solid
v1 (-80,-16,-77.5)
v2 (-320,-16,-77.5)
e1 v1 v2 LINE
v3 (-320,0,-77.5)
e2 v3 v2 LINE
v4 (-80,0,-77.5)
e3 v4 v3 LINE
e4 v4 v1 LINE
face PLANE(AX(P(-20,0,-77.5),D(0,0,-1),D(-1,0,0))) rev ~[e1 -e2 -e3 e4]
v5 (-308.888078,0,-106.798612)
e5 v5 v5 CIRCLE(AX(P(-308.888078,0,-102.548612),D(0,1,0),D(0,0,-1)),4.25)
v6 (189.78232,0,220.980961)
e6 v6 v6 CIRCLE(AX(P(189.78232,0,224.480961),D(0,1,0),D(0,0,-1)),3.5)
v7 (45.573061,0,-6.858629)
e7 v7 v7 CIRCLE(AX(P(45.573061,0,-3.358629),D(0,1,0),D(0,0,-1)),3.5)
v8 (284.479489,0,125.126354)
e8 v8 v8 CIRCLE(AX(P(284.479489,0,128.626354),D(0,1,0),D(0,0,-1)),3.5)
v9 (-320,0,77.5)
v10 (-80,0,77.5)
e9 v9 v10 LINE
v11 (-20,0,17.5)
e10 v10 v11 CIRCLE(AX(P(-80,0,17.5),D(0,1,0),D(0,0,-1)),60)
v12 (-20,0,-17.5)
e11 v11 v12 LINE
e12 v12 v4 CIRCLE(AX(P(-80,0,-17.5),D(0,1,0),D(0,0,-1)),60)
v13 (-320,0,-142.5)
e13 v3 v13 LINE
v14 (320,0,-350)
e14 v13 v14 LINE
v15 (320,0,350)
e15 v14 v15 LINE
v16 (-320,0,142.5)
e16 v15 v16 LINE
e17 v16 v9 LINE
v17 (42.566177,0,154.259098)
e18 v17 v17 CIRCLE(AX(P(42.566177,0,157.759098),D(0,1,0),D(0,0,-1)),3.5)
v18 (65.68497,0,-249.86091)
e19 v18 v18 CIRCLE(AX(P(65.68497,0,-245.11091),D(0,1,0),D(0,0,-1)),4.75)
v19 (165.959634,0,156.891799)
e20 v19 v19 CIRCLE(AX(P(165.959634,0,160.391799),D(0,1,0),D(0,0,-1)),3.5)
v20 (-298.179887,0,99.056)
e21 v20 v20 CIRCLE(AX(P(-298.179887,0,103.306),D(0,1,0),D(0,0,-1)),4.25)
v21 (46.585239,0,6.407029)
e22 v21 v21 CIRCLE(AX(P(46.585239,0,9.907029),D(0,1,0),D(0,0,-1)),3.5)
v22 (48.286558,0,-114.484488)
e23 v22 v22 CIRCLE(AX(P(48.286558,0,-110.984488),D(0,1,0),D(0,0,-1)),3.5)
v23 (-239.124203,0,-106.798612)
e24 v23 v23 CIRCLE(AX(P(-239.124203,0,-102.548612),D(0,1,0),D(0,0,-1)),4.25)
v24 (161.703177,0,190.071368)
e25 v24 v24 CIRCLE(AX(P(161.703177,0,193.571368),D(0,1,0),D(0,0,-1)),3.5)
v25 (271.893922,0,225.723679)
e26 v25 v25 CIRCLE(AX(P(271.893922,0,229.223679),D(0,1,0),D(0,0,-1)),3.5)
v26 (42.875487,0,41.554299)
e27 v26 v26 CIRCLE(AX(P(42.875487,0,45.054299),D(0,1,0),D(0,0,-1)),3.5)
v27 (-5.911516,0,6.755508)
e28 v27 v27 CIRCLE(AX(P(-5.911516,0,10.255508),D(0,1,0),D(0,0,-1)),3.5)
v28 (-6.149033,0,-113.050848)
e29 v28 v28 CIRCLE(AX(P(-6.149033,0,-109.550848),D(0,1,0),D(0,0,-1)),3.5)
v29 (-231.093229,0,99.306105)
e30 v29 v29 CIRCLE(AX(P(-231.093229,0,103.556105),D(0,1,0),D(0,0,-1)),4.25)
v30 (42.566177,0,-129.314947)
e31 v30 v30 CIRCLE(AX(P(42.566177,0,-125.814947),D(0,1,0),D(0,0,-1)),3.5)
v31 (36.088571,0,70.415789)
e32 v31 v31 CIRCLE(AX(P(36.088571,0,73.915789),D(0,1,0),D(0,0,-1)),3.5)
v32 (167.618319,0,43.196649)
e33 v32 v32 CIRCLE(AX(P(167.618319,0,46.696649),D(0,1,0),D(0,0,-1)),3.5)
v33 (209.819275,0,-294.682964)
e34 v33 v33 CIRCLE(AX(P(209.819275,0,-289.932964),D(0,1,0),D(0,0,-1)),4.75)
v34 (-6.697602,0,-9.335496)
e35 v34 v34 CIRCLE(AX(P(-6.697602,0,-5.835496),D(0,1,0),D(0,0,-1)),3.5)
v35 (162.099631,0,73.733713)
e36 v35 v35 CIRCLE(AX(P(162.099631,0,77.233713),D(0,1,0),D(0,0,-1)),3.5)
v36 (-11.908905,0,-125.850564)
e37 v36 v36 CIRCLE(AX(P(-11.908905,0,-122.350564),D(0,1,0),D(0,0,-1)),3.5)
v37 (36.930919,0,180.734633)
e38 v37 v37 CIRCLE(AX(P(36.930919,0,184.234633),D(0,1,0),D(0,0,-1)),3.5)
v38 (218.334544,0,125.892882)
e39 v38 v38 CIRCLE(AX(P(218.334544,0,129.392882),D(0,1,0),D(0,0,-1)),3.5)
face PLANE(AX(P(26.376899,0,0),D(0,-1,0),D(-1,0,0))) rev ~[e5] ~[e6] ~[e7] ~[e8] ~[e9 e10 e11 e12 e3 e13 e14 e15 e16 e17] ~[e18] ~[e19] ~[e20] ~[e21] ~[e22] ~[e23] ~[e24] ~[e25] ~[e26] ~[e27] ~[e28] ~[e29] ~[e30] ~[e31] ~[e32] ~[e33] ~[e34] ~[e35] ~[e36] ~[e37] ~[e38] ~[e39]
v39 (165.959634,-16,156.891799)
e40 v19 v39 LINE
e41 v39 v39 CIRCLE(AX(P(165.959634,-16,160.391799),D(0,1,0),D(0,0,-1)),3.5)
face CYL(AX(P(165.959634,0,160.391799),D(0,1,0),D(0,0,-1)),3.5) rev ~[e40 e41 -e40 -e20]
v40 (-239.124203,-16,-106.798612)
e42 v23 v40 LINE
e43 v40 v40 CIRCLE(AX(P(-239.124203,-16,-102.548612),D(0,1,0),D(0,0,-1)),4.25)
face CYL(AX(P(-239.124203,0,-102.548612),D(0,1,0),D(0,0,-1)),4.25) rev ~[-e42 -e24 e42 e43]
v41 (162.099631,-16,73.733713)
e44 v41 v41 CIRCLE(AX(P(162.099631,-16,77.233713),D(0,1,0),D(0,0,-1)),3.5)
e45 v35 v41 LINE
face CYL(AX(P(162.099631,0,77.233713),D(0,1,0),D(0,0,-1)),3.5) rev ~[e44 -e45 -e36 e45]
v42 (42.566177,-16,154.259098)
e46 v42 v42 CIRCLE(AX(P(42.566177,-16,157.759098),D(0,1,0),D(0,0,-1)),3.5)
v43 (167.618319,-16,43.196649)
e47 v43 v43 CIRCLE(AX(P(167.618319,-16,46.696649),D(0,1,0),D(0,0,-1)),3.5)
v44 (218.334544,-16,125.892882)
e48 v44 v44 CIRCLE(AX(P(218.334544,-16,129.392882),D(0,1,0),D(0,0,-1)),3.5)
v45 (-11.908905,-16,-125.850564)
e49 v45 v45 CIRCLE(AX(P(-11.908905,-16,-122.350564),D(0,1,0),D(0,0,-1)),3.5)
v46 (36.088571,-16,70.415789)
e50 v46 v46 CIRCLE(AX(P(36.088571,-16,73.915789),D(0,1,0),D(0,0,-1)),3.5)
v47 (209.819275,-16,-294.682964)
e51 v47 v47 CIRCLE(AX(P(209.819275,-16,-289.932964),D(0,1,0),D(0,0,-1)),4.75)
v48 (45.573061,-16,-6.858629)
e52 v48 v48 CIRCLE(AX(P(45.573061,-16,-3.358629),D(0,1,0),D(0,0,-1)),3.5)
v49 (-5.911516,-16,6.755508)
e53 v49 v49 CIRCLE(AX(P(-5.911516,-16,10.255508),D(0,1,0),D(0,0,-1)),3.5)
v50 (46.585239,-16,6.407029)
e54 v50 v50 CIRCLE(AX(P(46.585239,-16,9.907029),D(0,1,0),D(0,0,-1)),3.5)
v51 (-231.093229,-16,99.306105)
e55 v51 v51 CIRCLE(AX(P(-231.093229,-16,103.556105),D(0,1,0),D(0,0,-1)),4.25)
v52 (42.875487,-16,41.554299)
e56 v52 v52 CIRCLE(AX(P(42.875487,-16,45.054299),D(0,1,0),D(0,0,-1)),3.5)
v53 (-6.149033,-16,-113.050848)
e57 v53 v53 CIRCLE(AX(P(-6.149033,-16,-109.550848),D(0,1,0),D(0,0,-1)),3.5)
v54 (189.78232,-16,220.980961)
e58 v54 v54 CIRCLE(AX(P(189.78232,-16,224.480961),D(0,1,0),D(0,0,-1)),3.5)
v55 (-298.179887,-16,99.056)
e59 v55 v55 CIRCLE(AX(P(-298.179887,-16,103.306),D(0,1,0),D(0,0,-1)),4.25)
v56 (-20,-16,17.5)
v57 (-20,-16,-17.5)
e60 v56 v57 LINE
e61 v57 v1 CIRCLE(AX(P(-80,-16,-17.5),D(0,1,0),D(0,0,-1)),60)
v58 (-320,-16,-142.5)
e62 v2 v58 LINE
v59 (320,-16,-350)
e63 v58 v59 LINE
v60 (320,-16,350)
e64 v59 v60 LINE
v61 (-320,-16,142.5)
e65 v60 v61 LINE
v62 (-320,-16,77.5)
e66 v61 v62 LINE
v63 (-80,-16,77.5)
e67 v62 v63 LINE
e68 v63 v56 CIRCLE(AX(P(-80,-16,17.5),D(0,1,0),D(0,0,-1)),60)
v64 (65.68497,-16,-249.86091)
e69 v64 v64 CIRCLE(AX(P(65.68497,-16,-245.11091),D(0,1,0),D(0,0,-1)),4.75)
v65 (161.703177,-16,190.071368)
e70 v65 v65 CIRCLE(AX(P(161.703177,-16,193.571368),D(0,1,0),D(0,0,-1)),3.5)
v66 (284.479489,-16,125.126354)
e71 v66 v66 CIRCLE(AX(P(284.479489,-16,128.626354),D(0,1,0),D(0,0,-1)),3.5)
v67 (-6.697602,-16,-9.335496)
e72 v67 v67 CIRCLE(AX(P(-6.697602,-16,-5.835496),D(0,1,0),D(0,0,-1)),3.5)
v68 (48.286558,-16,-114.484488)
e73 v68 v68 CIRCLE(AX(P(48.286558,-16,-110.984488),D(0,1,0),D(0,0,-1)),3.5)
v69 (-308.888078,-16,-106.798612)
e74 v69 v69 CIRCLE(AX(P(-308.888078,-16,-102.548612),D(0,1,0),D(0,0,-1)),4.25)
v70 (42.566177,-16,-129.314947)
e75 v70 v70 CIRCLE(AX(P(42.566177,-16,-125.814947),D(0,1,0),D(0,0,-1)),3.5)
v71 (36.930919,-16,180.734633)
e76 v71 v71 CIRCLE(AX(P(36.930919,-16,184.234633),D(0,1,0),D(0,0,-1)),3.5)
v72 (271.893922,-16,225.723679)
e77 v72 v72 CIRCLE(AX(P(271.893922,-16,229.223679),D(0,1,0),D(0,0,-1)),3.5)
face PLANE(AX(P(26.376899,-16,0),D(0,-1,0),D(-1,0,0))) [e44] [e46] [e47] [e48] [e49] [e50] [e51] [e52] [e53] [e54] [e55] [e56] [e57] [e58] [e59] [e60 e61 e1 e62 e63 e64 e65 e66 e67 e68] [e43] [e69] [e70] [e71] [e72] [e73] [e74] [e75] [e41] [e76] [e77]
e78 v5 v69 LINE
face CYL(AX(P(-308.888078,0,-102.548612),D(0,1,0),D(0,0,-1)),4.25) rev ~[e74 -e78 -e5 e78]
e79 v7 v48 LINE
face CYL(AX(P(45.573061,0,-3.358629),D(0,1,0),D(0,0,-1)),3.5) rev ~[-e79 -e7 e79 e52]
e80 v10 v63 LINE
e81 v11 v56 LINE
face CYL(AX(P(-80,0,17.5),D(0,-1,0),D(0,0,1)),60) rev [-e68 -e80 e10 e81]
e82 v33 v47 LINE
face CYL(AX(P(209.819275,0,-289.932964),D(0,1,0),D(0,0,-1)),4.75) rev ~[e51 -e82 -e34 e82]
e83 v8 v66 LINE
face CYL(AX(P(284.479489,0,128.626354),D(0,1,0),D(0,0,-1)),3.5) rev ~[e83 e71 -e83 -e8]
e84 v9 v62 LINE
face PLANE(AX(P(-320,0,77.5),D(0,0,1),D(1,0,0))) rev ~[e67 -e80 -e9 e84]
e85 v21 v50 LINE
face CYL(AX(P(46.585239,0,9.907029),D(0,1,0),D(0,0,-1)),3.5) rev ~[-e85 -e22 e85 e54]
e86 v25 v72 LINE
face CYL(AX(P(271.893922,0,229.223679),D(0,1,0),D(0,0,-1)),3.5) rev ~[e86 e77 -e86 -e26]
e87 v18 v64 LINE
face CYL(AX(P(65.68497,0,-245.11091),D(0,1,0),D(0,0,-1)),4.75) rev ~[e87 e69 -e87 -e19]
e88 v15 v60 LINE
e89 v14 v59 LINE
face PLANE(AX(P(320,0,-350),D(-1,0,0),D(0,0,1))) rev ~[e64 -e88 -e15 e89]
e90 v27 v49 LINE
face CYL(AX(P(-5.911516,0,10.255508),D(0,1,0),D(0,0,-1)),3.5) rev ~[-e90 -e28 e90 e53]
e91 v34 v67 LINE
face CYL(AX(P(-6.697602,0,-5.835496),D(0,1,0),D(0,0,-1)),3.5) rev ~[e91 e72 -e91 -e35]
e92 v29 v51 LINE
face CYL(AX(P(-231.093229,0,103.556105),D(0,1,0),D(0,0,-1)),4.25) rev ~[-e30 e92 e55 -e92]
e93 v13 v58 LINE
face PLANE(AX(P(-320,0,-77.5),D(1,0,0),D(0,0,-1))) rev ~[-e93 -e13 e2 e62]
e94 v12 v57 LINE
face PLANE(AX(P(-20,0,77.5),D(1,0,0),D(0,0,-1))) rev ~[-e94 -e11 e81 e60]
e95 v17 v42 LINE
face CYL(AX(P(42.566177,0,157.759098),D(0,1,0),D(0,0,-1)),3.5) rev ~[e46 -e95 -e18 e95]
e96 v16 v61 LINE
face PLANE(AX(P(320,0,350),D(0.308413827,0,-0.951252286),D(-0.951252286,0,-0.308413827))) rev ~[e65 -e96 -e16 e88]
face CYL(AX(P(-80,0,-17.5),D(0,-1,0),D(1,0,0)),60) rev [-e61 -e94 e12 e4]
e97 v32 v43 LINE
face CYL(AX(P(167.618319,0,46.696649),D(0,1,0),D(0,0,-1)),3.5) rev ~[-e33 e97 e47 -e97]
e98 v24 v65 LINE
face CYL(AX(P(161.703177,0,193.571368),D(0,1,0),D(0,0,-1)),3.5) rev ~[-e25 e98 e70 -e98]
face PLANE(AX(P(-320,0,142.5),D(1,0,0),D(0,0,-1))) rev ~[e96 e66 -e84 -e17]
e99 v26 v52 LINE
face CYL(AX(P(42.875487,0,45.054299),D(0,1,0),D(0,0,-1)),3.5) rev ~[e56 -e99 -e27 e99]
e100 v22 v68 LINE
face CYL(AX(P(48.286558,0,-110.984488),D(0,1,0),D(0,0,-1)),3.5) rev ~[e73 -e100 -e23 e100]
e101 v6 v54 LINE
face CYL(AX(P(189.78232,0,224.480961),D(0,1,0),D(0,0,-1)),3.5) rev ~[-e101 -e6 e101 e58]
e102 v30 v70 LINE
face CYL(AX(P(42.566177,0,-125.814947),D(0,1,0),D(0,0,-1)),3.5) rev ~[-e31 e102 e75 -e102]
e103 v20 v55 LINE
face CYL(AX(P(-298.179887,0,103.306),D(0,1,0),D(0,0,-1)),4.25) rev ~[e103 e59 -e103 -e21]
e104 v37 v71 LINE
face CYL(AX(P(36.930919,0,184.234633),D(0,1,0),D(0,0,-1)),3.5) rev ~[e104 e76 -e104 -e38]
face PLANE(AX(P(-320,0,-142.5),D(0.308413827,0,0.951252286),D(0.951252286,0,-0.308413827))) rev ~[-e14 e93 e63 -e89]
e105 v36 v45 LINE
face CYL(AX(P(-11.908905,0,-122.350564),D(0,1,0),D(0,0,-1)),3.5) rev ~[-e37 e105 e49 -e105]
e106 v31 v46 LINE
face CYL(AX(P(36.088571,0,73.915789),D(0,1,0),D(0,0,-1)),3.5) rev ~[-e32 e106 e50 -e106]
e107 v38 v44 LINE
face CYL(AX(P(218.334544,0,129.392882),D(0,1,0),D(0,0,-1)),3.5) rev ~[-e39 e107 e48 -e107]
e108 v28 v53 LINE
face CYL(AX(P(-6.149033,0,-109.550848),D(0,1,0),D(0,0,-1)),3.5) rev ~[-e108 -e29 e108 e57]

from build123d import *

# Parameters (mm, degrees)
BOSS_EXTRUDE1_DEPTH = 16
FILLET1_R           = 60
SKETCH3_R           = 3.5
SKETCH3_R_2         = 4.25
SKETCH3_R_3         = 4.75
CUT_EXTRUDE1_DEPTH  = 475.506058971


with BuildPart() as part:
    # Sketch2 → Boss-Extrude1 (new body)
    with BuildSketch(Plane(origin=(0, 0, 0), x_dir=(1, 0, 0), z_dir=(0, 1, 0))):
        Polygon((-320, 142.5), (320, 350), (320, -350), (-320, -142.5), (-320, -77.5), (-20, -77.5), (-20, 77.5), (-320, 77.5), align=None)
    extrude(amount=-BOSS_EXTRUDE1_DEPTH)

    # Fillet1
    fillet1_edges = [part.edges().sort_by_distance(p)[0] for p in [
        (-20, -8, 77.5),
        (-20, -8, -77.5),
    ]]
    fillet(fillet1_edges, radius=FILLET1_R)

    # Sketch3 → Cut-Extrude1 (cut, through all)
    with BuildSketch(Plane(origin=(0, 0, 0), x_dir=(1, 0, 0), z_dir=(0, 1, 0))):
        with Locations(Location((45.573061117, 3.35862906, 0), (0, 0, 90))):
            Circle(SKETCH3_R)
        with Locations(Location((-231.09322879, -103.556104562, 0), (0, 0, 90))):
            Circle(SKETCH3_R_2)
        with Locations(Location((-298.17988721, -103.306000096, 0), (0, 0, 90))):
            Circle(SKETCH3_R_2)
        with Locations(Location((42.566176502, -157.759098005, 0), (0, 0, 90))):
            Circle(SKETCH3_R)
        with Locations(Location((36.930918819, -184.234632929, 0), (0, 0, 90))):
            Circle(SKETCH3_R)
        with Locations(Location((271.893921884, -229.22367877, 0), (0, 0, 90))):
            Circle(SKETCH3_R)
        with Locations(Location((189.782320405, -224.480960591, 0), (0, 0, 90))):
            Circle(SKETCH3_R)
        with Locations(Location((161.703177467, -193.571367621, 0), (0, 0, 90))):
            Circle(SKETCH3_R)
        with Locations(Location((165.959633732, -160.391798843, 0), (0, 0, 90))):
            Circle(SKETCH3_R)
        with Locations(Location((218.334544159, -129.392881806, 0), (0, 0, 90))):
            Circle(SKETCH3_R)
        with Locations(Location((284.479489307, -128.626354194, 0), (0, 0, 90))):
            Circle(SKETCH3_R)
        with Locations(Location((167.618318747, -46.69664923, 0), (0, 0, 90))):
            Circle(SKETCH3_R)
        with Locations(Location((162.099631238, -77.233713281, 0), (0, 0, 90))):
            Circle(SKETCH3_R)
        with Locations(Location((36.088570732, -73.915788734, 0), (0, 0, 90))):
            Circle(SKETCH3_R)
        with Locations(Location((42.875486949, -45.054299224, 0), (0, 0, 90))):
            Circle(SKETCH3_R)
        with Locations(Location((46.585239341, -9.907029228, 0), (0, 0, 90))):
            Circle(SKETCH3_R)
        with Locations(Location((-5.911515538, -10.255507999, 0), (0, 0, 90))):
            Circle(SKETCH3_R)
        with Locations(Location((65.684970424, 245.110909603, 0), (0, 0, 90))):
            Circle(SKETCH3_R_3)
        with Locations(Location((209.819274537, 289.932963664, 0), (0, 0, 90))):
            Circle(SKETCH3_R_3)
        with Locations(Location((-239.124203173, 102.548612385, 0), (0, 0, 90))):
            Circle(SKETCH3_R_2)
        with Locations(Location((-308.888078303, 102.548612385, 0), (0, 0, 90))):
            Circle(SKETCH3_R_2)
        with Locations(Location((42.566176502, 125.814947371, 0), (0, 0, 90))):
            Circle(SKETCH3_R)
        with Locations(Location((-11.908905398, 122.350563935, 0), (0, 0, 90))):
            Circle(SKETCH3_R)
        with Locations(Location((48.286557876, 110.984487849, 0), (0, 0, 90))):
            Circle(SKETCH3_R)
        with Locations(Location((-6.149033448, 109.550848491, 0), (0, 0, 90))):
            Circle(SKETCH3_R)
        with Locations(Location((-6.697602275, 5.835495982, 0), (0, 0, 90))):
            Circle(SKETCH3_R)
    extrude(amount=-CUT_EXTRUDE1_DEPTH, mode=Mode.SUBTRACT)


solid = part.part
